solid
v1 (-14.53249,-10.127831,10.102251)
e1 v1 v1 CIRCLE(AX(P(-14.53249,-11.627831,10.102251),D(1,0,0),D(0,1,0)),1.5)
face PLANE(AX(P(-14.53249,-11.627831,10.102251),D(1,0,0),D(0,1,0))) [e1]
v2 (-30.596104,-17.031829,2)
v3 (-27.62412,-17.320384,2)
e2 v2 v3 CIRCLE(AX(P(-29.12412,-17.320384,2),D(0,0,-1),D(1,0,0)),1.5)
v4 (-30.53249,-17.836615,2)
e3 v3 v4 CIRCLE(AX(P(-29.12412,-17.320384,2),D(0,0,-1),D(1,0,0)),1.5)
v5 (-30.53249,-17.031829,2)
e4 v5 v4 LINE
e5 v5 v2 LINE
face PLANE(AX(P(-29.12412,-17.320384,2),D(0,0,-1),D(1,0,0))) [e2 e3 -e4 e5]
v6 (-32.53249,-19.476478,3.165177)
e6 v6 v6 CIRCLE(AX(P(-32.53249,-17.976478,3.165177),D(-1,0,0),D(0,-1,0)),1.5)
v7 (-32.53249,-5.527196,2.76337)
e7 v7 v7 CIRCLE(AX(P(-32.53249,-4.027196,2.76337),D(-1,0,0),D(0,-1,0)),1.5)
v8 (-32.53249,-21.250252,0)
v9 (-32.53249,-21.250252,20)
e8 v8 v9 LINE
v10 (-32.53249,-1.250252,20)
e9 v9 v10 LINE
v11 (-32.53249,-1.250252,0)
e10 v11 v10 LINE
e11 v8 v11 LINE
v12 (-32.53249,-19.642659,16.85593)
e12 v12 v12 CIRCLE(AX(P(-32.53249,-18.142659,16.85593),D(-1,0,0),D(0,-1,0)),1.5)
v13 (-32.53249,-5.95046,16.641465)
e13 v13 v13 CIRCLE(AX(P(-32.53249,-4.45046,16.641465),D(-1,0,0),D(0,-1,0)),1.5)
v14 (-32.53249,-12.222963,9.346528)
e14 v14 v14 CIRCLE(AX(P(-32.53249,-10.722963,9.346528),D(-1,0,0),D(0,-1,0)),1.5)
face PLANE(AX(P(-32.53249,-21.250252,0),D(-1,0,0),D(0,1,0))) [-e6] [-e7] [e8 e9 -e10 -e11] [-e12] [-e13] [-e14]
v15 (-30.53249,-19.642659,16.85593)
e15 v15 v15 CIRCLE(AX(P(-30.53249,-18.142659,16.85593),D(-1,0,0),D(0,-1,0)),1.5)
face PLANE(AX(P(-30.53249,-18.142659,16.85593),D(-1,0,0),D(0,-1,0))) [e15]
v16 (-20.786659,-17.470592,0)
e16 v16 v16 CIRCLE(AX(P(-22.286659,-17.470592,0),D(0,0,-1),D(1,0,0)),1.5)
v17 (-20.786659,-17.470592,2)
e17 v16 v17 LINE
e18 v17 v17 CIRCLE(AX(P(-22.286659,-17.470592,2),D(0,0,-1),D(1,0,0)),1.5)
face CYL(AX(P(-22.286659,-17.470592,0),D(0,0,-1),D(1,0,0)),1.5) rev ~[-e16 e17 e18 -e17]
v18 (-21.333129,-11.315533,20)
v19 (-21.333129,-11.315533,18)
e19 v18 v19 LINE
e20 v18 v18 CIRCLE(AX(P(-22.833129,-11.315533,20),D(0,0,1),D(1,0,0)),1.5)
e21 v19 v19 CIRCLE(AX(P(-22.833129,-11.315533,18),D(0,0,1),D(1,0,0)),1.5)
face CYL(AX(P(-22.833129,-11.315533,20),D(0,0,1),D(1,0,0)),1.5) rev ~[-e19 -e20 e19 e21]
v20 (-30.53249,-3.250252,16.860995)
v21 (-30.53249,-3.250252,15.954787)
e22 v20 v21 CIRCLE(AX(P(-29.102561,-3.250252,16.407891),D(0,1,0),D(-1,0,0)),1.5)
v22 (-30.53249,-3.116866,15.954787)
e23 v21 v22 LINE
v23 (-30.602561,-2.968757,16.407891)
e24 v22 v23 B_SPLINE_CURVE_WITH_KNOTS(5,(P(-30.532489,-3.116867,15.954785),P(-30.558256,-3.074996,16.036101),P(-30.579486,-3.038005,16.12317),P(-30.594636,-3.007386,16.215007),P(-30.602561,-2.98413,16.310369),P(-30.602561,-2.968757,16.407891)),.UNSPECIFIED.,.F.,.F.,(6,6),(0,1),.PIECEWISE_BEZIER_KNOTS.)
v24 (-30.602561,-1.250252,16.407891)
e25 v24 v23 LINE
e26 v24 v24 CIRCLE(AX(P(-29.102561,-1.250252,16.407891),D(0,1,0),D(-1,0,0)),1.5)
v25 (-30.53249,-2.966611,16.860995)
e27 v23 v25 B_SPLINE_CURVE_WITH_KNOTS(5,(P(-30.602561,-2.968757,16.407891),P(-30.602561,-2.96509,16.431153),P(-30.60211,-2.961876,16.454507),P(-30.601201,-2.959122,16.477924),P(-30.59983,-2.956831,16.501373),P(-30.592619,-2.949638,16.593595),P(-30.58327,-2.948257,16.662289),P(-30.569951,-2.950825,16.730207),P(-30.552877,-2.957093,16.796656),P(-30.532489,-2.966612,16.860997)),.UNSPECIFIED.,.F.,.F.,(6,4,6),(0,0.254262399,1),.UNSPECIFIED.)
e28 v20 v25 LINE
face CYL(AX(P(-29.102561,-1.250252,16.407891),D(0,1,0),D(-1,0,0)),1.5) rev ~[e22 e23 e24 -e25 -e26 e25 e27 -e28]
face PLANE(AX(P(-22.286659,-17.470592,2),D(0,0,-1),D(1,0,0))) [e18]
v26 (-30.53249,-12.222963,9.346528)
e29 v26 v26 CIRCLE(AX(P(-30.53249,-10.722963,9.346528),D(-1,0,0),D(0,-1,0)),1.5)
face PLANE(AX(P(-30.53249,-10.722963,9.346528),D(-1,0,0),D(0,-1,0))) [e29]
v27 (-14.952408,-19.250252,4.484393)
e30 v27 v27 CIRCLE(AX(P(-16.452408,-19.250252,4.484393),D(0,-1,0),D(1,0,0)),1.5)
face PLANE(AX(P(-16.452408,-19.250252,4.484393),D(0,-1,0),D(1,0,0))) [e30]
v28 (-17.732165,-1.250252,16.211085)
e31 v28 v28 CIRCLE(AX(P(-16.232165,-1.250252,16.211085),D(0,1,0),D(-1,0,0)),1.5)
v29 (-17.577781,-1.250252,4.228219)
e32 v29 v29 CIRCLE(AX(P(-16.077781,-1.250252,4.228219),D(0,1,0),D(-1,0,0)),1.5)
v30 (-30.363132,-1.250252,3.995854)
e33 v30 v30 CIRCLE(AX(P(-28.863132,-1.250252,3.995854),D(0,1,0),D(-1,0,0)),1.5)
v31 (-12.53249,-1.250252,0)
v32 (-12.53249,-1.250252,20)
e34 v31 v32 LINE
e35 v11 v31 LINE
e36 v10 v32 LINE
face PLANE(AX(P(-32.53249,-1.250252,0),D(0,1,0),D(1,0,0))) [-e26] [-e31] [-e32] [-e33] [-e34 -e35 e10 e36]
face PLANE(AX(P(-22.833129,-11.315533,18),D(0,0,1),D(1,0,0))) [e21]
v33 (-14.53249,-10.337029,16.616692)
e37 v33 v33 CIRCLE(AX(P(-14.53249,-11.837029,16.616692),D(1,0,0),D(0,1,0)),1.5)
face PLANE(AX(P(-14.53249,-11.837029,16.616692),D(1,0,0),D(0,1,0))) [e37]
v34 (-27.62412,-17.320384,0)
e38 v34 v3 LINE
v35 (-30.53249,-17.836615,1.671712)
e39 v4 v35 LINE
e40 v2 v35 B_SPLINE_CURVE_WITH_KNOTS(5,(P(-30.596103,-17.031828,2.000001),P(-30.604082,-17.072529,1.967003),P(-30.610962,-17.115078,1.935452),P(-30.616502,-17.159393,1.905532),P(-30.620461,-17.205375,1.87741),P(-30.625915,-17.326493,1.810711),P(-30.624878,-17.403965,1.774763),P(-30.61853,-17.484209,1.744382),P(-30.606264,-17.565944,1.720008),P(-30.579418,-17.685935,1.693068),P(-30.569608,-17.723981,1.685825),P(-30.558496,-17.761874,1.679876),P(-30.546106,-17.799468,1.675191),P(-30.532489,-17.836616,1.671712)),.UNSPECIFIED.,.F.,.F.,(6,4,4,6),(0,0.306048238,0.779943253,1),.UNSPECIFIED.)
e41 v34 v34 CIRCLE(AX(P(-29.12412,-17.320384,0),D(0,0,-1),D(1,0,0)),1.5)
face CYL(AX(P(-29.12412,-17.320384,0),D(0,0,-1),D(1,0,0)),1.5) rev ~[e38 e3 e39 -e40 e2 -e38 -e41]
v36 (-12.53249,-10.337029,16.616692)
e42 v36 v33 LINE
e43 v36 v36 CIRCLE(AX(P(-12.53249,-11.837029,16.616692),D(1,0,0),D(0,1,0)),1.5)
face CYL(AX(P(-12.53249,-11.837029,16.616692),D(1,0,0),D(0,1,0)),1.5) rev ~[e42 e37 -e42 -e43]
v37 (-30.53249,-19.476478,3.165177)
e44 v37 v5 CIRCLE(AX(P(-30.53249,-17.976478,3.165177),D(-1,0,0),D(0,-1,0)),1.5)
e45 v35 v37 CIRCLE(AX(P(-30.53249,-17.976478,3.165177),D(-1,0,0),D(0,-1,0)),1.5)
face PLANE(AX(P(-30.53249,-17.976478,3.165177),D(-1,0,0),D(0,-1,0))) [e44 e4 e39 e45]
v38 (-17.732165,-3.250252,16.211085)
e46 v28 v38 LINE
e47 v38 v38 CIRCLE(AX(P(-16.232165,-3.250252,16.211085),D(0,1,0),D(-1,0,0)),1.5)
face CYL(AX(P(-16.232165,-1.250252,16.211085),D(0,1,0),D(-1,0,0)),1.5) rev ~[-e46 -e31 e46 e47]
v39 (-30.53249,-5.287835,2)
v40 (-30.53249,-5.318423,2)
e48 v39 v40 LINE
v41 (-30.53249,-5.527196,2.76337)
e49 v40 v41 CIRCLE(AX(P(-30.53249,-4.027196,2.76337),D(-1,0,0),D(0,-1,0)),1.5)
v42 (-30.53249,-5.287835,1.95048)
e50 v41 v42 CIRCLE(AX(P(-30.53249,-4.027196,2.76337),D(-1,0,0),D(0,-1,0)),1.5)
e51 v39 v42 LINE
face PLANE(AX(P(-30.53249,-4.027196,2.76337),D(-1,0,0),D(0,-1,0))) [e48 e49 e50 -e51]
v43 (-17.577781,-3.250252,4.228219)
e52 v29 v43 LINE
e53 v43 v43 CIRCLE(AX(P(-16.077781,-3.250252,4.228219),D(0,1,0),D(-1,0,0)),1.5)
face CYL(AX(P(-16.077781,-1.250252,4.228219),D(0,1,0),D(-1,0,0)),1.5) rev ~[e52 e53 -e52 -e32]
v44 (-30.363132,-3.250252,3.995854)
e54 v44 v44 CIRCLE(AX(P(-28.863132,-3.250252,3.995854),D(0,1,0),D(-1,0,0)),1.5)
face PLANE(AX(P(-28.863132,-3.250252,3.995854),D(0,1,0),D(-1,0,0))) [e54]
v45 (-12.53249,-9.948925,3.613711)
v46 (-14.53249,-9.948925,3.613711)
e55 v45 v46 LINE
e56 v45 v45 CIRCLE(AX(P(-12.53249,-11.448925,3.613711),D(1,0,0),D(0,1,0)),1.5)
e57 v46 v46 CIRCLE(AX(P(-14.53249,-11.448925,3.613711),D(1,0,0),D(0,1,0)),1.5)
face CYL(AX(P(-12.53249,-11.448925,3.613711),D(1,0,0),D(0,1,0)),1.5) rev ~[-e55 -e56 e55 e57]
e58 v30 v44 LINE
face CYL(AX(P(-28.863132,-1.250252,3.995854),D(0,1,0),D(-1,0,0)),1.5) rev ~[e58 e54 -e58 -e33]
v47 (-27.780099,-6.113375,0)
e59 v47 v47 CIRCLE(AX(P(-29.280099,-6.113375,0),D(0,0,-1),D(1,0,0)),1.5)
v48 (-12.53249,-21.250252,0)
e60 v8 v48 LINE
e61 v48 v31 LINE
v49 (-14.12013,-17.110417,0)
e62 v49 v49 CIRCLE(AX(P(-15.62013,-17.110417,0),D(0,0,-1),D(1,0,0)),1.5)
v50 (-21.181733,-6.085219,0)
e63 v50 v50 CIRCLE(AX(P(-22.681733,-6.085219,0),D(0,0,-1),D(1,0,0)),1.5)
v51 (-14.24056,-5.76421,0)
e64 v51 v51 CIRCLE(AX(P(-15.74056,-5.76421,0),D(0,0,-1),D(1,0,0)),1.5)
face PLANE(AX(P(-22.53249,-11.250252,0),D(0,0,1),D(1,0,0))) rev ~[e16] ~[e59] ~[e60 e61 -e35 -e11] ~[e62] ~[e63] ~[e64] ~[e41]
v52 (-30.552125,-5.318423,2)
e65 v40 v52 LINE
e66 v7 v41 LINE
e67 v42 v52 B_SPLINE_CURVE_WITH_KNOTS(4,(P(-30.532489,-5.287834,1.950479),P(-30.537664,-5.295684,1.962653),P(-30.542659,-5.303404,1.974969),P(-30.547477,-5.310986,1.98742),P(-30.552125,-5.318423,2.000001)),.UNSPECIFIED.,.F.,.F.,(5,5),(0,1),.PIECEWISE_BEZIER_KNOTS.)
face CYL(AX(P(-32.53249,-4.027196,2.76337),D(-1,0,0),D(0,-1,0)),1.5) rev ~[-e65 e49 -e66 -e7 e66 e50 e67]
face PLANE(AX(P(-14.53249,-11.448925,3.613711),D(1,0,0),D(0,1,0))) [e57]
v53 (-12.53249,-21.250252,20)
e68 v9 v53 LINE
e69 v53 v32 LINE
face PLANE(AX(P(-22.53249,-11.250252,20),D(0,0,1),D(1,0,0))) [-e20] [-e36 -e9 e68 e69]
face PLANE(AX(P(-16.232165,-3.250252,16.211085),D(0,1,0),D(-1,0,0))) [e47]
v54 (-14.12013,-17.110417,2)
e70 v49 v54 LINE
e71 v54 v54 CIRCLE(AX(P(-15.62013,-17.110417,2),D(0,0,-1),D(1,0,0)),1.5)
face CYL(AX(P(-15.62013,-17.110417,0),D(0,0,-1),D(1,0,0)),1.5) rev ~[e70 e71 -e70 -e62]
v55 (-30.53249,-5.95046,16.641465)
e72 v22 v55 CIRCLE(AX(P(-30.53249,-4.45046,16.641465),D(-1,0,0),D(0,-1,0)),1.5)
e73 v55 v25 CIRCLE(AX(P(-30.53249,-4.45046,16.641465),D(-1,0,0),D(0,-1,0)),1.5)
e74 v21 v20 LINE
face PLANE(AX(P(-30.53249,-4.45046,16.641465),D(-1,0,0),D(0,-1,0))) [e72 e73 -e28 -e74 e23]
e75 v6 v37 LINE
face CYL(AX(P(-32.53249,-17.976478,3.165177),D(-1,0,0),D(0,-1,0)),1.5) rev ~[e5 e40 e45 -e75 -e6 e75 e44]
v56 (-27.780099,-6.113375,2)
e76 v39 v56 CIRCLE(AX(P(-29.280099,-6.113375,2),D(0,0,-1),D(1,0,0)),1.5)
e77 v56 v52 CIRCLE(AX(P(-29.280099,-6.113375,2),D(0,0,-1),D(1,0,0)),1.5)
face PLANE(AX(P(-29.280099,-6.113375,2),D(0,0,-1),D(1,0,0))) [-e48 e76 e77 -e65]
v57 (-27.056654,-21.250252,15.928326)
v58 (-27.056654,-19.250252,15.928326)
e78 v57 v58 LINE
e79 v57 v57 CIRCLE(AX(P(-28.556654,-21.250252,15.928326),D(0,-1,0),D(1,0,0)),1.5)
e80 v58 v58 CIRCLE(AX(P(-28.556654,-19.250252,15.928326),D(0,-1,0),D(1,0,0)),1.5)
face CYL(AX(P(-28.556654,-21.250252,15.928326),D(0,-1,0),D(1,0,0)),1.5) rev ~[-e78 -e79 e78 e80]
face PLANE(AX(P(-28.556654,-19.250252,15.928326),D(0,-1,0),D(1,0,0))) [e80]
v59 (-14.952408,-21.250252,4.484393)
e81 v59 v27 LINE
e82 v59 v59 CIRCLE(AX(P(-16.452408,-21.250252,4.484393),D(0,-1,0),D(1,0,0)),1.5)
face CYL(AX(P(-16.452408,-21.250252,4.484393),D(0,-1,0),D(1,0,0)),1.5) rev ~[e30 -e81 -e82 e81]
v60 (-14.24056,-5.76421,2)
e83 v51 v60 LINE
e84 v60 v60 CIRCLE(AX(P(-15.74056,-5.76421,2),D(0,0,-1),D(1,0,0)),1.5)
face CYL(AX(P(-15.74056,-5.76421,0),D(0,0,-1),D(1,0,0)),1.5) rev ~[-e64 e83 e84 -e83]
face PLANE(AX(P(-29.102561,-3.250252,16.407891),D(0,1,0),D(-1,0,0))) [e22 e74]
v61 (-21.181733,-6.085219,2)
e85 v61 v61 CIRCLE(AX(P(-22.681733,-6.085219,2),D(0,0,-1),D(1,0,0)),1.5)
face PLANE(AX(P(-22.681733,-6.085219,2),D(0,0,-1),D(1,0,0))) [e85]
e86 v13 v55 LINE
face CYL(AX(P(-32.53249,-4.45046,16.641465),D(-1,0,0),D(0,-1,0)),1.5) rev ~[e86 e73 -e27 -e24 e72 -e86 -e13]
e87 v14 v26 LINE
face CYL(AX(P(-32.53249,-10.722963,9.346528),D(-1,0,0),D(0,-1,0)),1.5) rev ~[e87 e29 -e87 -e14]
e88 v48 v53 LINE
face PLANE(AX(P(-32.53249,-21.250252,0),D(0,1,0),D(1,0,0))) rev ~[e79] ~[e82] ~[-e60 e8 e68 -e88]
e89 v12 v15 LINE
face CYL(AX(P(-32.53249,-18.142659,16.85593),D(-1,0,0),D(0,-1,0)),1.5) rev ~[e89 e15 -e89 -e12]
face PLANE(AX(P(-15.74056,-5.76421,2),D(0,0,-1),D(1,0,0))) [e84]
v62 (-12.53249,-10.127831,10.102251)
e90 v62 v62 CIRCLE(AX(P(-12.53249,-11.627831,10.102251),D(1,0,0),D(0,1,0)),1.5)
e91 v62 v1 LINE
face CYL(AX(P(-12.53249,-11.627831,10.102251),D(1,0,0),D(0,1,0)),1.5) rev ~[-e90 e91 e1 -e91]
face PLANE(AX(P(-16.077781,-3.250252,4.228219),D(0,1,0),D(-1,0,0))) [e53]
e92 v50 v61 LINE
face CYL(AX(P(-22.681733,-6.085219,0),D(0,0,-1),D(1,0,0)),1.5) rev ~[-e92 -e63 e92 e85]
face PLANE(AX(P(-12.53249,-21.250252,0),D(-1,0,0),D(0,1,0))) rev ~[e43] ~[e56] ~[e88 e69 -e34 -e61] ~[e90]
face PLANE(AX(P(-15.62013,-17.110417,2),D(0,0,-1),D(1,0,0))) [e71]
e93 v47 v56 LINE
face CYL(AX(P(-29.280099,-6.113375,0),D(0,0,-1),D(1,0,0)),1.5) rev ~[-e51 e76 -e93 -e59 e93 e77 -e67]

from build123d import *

# Parameters (mm, degrees)
F0_W      = 20
F0_H      = 20
F1_DEPTH  = 20
F2_R      = 1.5
F3_DEPTH  = 2
F4_R      = 1.5
F5_DEPTH  = 2
F6_R      = 1.5
F7_DEPTH  = 2
F8_R      = 1.5
F9_DEPTH  = 2
F10_R     = 1.5
F11_DEPTH = 2
F12_R     = 1.5
F13_DEPTH = 2


with BuildPart() as f1:
    # F0 (on Top) → F1 (new body)
    with BuildSketch(Plane.XY):
        with Locations((-22.53249, -11.250252)):
            Rectangle(F0_W, F0_H)
    extrude(amount=F1_DEPTH)

    # F2 (on face) → F3 (cut)
    with BuildSketch(Plane.XY.offset(20)):
        with Locations((-22.833129, -11.315533)):
            Circle(F2_R)
    extrude(amount=-F3_DEPTH, mode=Mode.SUBTRACT)

    # F4 (on face) → F5 (cut)
    with BuildSketch(Plane.XZ.offset(21.250252)):
        with Locations((-28.556654, 15.928326)):
            Circle(F4_R)
        with Locations((-16.452408, 4.484393)):
            Circle(F4_R)
    extrude(amount=-F5_DEPTH, mode=Mode.SUBTRACT)

    # F6 (on face) → F7 (cut)
    with BuildSketch(Plane.YZ.offset(-12.53249)):
        with Locations((-11.837029, 16.616692)):
            Circle(F6_R)
        with Locations((-11.448925, 3.613711)):
            Circle(F6_R)
        with Locations((-11.627831, 10.102251)):
            Circle(F6_R)
    extrude(amount=-F7_DEPTH, mode=Mode.SUBTRACT)

    # F8 (on face) → F9 (cut)
    with BuildSketch(Plane(origin=(0, -1.250252, 0), x_dir=(-1, 0, 0), z_dir=(0, 1, 0))):
        with Locations((16.232165, 16.211085)):
            Circle(F8_R)
        with Locations((29.102561, 16.407891)):
            Circle(F8_R)
        with Locations((28.863132, 3.995854)):
            Circle(F8_R)
        with Locations((16.077781, 4.228219)):
            Circle(F8_R)
    extrude(amount=-F9_DEPTH, mode=Mode.SUBTRACT)

    # F10 (on face) → F11 (cut)
    with BuildSketch(Plane(origin=(-32.53249, 0, 0), x_dir=(0, -1, 0), z_dir=(-1, 0, 0))):
        with Locations((18.142659, 16.85593)):
            Circle(F10_R)
        with Locations((17.976478, 3.165177)):
            Circle(F10_R)
        with Locations((4.45046, 16.641465)):
            Circle(F10_R)
        with Locations((10.722963, 9.346528)):
            Circle(F10_R)
        with Locations((4.027196, 2.76337)):
            Circle(F10_R)
    extrude(amount=-F11_DEPTH, mode=Mode.SUBTRACT)

    # F12 (on face) → F13 (cut)
    with BuildSketch(Plane(origin=(0, 0, 0), x_dir=(1, 0, 0), z_dir=(0, 0, -1))):
        with Locations((-15.62013, 17.110417)):
            Circle(F12_R)
        with Locations((-22.286659, 17.470592)):
            Circle(F12_R)
        with Locations((-29.12412, 17.320384)):
            Circle(F12_R)
        with Locations((-29.280099, 6.113375)):
            Circle(F12_R)
        with Locations((-22.681733, 6.085219)):
            Circle(F12_R)
        with Locations((-15.74056, 5.76421)):
            Circle(F12_R)
    extrude(amount=-F13_DEPTH, mode=Mode.SUBTRACT)


solid = f1.part
